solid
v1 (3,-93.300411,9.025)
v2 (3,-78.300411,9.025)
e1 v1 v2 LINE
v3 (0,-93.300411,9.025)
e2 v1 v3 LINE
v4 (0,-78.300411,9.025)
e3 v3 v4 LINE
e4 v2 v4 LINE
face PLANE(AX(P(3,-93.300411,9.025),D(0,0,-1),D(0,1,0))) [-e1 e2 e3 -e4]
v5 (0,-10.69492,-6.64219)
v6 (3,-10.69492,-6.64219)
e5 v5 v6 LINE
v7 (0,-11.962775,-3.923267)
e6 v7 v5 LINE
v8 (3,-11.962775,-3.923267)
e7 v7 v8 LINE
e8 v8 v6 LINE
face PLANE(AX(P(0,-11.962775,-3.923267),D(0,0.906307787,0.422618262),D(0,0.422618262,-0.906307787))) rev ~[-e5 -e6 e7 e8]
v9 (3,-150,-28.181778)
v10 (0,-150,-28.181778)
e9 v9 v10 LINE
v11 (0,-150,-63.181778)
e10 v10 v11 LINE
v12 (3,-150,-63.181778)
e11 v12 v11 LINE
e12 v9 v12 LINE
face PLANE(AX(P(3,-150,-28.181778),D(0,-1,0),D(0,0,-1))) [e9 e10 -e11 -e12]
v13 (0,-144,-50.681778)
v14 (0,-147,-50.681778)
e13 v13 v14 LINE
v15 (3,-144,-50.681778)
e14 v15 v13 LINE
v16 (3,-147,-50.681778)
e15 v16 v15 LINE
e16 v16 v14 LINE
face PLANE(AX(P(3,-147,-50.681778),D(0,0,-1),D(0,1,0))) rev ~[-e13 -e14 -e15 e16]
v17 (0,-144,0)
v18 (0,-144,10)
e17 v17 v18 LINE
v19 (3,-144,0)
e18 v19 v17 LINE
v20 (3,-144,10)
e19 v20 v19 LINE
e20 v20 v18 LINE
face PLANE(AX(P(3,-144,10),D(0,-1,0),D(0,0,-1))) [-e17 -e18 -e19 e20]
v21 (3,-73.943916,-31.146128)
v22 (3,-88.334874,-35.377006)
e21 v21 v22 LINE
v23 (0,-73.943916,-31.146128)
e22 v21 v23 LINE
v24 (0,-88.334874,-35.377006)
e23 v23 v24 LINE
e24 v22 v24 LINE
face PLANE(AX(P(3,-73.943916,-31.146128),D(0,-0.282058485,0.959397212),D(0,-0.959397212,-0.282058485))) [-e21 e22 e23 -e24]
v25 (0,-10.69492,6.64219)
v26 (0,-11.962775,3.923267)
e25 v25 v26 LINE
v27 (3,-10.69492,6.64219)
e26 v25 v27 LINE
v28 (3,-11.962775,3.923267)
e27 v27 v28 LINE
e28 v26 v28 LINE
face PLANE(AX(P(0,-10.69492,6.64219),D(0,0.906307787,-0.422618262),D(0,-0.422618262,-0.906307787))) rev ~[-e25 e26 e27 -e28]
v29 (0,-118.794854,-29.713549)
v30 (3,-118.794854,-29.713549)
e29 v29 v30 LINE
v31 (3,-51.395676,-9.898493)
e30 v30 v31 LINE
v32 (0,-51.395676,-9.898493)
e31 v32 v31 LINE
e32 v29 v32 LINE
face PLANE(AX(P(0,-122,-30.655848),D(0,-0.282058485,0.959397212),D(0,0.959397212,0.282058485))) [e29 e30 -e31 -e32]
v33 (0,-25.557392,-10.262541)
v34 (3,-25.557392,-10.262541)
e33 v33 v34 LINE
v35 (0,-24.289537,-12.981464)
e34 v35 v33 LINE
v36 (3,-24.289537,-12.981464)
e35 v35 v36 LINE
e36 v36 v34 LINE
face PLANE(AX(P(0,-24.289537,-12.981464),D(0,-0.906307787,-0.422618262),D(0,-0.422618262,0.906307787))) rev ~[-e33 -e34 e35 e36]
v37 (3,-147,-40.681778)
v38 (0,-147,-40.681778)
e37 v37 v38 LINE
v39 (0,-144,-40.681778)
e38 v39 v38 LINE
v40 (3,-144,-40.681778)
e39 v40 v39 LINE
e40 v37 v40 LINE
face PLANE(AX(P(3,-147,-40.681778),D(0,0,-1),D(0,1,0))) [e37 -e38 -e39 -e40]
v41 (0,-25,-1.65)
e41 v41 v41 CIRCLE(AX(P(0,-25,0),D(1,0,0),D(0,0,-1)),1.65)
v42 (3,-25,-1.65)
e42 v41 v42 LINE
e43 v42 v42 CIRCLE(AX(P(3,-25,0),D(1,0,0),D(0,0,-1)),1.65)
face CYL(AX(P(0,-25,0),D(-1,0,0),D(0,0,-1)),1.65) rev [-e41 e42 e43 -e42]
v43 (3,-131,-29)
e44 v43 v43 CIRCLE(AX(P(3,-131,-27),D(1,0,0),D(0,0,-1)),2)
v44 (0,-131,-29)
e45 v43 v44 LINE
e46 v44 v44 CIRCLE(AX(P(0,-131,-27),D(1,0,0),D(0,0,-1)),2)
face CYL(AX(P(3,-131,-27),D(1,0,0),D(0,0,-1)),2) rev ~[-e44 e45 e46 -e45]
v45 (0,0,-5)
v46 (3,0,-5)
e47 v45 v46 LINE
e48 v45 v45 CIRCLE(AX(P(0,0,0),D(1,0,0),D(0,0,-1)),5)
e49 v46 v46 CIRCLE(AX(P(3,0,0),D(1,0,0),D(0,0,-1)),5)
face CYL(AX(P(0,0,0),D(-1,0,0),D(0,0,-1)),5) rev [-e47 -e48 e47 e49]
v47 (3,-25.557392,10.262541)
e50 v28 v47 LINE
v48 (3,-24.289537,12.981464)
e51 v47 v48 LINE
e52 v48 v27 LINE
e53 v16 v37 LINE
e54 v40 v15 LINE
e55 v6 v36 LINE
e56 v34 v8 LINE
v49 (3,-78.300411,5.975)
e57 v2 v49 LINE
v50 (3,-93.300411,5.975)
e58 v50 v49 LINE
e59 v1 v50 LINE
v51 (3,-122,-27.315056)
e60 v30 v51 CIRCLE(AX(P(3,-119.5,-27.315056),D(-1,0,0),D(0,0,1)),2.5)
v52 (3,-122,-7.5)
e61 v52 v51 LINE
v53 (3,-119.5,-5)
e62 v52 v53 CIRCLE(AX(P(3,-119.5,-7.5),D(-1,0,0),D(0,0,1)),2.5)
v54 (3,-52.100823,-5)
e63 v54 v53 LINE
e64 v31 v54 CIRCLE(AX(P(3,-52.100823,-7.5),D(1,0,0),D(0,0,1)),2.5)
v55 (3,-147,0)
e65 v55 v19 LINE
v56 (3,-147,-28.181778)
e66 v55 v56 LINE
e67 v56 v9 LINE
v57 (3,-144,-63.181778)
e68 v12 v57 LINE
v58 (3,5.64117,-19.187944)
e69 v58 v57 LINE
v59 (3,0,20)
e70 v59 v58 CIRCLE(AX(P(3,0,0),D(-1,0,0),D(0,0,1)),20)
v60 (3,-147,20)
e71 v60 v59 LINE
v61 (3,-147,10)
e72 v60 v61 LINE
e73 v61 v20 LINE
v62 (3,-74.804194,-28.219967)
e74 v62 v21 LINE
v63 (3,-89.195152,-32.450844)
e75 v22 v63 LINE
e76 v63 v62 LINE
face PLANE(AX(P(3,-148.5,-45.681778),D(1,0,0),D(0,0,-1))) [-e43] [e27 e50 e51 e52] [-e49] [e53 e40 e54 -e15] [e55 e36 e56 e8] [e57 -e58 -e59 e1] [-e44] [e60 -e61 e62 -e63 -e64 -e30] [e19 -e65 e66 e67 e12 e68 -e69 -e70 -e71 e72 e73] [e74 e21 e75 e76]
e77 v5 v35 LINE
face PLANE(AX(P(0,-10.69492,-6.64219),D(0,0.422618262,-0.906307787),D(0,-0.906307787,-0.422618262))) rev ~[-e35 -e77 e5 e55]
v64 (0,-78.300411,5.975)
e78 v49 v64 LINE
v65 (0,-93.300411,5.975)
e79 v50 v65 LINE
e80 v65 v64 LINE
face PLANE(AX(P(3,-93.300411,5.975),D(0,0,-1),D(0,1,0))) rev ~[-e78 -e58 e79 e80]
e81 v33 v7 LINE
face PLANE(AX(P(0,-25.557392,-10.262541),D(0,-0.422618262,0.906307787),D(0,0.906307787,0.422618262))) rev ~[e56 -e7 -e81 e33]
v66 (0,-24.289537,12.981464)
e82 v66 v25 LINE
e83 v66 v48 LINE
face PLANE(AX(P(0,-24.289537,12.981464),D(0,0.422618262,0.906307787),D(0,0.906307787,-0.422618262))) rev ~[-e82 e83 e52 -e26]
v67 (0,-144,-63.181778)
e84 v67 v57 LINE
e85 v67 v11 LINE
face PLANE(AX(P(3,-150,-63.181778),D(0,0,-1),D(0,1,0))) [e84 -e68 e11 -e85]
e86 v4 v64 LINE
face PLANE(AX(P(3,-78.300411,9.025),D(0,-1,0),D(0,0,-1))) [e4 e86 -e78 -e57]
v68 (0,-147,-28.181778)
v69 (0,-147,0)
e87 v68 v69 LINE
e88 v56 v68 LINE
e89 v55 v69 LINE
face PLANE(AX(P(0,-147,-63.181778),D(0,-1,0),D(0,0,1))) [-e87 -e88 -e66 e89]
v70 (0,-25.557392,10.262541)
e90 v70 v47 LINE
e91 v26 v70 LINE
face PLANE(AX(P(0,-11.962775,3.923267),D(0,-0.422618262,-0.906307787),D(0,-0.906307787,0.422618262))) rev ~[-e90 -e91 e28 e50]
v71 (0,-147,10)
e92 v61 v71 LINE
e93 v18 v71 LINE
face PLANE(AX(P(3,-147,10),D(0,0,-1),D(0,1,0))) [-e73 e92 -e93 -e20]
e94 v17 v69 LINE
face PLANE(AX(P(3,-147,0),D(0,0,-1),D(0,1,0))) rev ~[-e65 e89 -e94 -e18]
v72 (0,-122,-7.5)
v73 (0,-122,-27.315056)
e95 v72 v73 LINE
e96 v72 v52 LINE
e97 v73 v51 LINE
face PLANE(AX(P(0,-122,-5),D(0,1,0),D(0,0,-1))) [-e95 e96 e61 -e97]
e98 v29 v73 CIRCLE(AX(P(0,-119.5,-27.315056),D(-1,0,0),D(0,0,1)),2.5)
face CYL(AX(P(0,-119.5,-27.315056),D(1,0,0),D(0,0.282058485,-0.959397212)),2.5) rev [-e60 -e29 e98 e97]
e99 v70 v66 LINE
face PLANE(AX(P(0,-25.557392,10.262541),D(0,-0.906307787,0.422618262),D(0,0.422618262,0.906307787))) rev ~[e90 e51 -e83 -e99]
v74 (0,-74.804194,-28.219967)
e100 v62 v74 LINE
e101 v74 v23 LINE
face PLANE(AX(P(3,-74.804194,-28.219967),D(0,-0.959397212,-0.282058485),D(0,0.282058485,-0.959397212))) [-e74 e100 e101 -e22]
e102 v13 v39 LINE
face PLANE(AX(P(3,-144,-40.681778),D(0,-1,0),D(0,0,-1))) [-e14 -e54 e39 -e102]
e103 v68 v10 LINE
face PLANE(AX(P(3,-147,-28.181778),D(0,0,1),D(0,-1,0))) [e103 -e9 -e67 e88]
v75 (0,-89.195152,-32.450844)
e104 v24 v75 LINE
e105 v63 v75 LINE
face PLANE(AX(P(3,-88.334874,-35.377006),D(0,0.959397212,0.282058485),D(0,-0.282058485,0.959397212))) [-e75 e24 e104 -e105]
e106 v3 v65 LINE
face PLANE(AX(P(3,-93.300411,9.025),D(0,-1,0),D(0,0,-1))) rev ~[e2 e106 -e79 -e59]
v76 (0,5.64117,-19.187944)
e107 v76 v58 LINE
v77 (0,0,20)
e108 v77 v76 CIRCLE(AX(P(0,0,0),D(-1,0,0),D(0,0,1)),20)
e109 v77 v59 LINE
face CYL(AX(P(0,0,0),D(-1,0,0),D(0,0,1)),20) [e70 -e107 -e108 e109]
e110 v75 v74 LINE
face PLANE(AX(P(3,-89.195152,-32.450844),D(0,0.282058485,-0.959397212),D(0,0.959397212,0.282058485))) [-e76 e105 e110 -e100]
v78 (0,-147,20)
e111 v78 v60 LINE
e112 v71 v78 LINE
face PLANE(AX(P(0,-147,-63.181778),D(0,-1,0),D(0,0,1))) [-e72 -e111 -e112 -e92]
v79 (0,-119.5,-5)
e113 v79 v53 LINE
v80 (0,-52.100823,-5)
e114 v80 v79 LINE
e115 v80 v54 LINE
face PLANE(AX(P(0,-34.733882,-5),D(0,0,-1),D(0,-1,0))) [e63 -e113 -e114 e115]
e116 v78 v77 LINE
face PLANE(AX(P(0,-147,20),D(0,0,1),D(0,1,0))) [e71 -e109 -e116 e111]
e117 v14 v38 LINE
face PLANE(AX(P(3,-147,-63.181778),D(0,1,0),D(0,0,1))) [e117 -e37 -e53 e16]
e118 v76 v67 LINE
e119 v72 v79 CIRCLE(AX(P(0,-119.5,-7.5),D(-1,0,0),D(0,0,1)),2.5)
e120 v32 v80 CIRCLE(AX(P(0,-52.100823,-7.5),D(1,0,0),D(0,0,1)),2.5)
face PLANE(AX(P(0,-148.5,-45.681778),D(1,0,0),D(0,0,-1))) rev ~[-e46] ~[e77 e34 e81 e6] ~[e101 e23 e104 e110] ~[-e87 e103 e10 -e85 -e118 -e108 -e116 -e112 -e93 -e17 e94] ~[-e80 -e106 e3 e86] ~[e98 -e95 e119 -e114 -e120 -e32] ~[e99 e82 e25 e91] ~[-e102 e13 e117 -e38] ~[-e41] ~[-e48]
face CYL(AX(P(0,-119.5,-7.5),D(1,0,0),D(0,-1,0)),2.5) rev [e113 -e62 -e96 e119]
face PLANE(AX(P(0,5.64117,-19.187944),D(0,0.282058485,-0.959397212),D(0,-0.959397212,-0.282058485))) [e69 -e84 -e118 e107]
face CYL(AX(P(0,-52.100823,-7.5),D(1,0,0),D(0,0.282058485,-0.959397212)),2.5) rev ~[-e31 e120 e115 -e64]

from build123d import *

# Parameters (mm, degrees)
SKETCH1_R               = 5
SKETCH1_R_2             = 1.65
BOSS_EXTRUDE1_DEPTH     = 3
FILLET1_R               = 2.5
SKETCH2_W               = 10
SKETCH2_H               = 3
CUT_EXTRUDE1_DEPTH      = 1
CUT_EXTRUDE1_DEPTH_BACK = 4
BOSS_EXTRUDE2_DEPTH     = 3
SKETCH4_R               = 2
SKETCH4_W               = 3.05
SKETCH4_H               = 15
CUT_EXTRUDE2_DEPTH      = 1
CUT_EXTRUDE2_DEPTH_BACK = 4


with BuildPart() as part:
    # Sketch1 → Boss-Extrude1 (new body)
    with BuildSketch(Plane(origin=(0, 0, 0), x_dir=(0, 0, -1), z_dir=(1, 0, 0))):
        with BuildLine():
            Line((-20, -147), (-20, 0))
            ThreePointArc((-20, 0), (-2.849659193, 19.795945102), (19.187944249, 5.641169694))
            Line((19.187944249, 5.641169694), (63.181778112, -144))
            Line((63.181778112, -144), (63.181778112, -147))
            Line((63.181778112, -147), (-20, -147))
        make_face()
        Circle(SKETCH1_R, mode=Mode.SUBTRACT)
        with Locations((0, -25)):
            Circle(SKETCH1_R_2, mode=Mode.SUBTRACT)
        Polygon((5, -34.733881779), (5, -122), (30.655848018, -122), align=None, mode=Mode.SUBTRACT)
        Polygon((10.262540517, -25.557391536), (3.923266591, -11.962774731), (6.642189952, -10.694919945), (12.981463878, -24.289536751), align=None, mode=Mode.SUBTRACT)
        Polygon((-12.981463878, -24.289536751), (-6.642189952, -10.694919945), (-3.923266591, -11.962774731), (-10.262540517, -25.557391536), align=None, mode=Mode.SUBTRACT)
    extrude(amount=BOSS_EXTRUDE1_DEPTH)

    # Fillet1
    fillet1_edges = [part.edges().sort_by_distance(p)[0] for p in [
        (1.5, -122, -30.655848018),
        (1.5, -34.733881779, -5),
        (1.5, -122, -5),
    ]]
    fillet(fillet1_edges, radius=FILLET1_R)

    # Sketch2 → Cut-Extrude1 (cut, two sides)
    with BuildSketch(Plane(origin=(3, 0, 0), x_dir=(0, 0, -1), z_dir=(1, 0, 0))) as cut_extrude1_sk:
        with Locations((45.681778112, -145.5)):
            Rectangle(SKETCH2_W, SKETCH2_H)
        with Locations((-5, -145.5)):
            Rectangle(SKETCH2_W, SKETCH2_H)
    extrude(amount=CUT_EXTRUDE1_DEPTH, mode=Mode.SUBTRACT)
    extrude(cut_extrude1_sk.sketch, amount=-CUT_EXTRUDE1_DEPTH_BACK, mode=Mode.SUBTRACT)

    # Sketch2<3> → Boss-Extrude2 (add)
    with BuildSketch(Plane(origin=(3, 0, 0), x_dir=(0, 0, -1), z_dir=(1, 0, 0))):
        Polygon((50.681778112, -147), (40.681778112, -147), (28.181778112, -147), (28.181778112, -150), (63.181778112, -150), (63.181778112, -147), align=None)
    extrude(amount=-BOSS_EXTRUDE2_DEPTH)

    # Sketch4 → Cut-Extrude2 (cut, two sides)
    with BuildSketch(Plane(origin=(3, 0, 0), x_dir=(0, 0, -1), z_dir=(1, 0, 0))) as cut_extrude2_sk:
        with Locations((27, -131)):
            Circle(SKETCH4_R)
        Polygon((32.450844249, -89.195152346), (28.219966978, -74.804194159), (31.146128476, -73.943915781), (35.377005747, -88.334873967), align=None)
        with Locations((-7.5, -85.800411334)):
            Rectangle(SKETCH4_W, SKETCH4_H)
    extrude(amount=CUT_EXTRUDE2_DEPTH, mode=Mode.SUBTRACT)
    extrude(cut_extrude2_sk.sketch, amount=-CUT_EXTRUDE2_DEPTH_BACK, mode=Mode.SUBTRACT)


solid = part.part
